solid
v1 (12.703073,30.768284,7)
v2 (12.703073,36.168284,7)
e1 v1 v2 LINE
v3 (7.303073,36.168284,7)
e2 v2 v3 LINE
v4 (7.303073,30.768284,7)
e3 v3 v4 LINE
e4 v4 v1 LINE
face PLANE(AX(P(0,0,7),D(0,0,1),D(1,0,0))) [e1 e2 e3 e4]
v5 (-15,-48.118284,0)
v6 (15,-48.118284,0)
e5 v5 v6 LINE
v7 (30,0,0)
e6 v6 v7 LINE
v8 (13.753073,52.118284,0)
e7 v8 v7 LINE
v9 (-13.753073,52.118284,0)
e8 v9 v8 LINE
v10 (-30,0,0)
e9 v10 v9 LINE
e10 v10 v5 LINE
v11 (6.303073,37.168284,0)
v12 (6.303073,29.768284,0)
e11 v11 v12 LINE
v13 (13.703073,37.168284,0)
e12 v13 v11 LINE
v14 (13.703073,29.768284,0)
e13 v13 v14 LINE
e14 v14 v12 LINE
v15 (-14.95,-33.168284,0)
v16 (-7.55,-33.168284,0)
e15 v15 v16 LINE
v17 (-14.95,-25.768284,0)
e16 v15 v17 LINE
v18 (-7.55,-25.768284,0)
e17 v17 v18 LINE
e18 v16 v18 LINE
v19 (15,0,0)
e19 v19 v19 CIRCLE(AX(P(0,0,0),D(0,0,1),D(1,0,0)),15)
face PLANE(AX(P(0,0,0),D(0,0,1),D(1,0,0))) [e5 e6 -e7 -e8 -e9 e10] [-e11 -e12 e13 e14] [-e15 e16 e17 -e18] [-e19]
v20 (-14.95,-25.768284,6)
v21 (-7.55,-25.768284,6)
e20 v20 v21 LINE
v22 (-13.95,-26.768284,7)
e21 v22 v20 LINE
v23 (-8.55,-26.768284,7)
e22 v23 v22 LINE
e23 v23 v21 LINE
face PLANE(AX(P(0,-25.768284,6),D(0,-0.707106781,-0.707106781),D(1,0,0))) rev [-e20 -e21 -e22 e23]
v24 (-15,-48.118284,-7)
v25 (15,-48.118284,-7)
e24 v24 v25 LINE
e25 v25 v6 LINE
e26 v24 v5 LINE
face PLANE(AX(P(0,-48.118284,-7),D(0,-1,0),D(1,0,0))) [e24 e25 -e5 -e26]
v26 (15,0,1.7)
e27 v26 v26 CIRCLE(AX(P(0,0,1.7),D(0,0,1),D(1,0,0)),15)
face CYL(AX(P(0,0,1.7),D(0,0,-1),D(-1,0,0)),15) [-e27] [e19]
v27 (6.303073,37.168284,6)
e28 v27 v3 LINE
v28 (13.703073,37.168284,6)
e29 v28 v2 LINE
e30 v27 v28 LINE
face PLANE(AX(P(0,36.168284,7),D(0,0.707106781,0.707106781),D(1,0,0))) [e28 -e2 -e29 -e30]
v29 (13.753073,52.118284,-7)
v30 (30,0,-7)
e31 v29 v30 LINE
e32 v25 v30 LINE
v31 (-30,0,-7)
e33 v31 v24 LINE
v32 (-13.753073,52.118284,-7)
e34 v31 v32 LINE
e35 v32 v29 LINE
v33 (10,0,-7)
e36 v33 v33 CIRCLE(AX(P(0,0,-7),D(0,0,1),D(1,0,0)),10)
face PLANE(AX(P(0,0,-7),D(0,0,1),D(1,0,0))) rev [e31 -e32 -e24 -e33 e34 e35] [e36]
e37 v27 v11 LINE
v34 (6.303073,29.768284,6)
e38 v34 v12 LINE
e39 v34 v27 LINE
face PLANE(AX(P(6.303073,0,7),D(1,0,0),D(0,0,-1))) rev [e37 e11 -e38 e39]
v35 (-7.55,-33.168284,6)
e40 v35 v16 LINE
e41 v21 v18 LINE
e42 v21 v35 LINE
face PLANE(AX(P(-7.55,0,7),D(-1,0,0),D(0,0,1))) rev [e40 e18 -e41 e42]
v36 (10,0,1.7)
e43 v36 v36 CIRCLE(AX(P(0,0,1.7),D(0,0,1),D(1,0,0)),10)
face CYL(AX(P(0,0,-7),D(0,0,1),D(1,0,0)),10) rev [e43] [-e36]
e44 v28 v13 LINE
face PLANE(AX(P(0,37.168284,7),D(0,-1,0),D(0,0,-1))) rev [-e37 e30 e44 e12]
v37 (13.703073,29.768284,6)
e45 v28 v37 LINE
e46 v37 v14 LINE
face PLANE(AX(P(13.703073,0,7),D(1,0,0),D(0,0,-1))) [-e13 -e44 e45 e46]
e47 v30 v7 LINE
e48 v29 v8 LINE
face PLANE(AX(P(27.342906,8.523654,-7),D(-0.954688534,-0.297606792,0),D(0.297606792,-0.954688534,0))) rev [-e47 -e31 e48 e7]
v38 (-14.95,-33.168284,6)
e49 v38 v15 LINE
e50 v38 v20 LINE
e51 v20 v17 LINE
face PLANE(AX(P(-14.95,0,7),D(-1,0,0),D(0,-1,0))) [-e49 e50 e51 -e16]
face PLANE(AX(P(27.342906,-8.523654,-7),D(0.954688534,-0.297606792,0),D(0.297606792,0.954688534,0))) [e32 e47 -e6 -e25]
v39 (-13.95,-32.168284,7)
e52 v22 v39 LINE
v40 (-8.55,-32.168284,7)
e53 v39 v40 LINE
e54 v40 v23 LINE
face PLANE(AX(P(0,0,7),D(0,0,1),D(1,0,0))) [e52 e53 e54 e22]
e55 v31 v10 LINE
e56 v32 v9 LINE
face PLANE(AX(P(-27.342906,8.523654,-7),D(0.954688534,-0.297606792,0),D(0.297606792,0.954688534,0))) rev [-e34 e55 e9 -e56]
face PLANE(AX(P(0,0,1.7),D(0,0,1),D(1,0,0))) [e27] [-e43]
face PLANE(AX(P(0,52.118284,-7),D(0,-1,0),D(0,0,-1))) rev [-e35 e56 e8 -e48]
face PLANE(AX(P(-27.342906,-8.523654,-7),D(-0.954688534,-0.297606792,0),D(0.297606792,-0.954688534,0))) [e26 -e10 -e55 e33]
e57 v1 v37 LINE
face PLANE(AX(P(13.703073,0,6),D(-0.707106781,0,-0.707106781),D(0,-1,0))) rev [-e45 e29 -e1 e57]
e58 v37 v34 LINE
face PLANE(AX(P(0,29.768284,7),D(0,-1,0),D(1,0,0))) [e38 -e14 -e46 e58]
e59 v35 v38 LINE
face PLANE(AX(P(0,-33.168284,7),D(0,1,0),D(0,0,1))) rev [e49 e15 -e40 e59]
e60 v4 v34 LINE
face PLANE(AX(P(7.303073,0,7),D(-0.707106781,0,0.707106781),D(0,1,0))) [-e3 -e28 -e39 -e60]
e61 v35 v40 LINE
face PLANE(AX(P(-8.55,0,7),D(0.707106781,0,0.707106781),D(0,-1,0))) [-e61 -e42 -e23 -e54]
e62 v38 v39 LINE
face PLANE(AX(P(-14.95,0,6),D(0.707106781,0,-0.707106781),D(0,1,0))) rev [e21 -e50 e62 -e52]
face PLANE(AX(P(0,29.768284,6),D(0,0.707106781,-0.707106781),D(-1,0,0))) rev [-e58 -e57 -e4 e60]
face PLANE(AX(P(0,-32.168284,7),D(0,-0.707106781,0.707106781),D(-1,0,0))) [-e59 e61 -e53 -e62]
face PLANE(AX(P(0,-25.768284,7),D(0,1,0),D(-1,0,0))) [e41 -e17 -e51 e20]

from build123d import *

# Parameters (mm, degrees)
SKETCH1_R           = 10
BOSS_EXTRUDE1_DEPTH = 7
SKETCH1_3_W         = 7.4
SKETCH1_3_H         = 7.4
BOSS_EXTRUDE2_DEPTH = 7
CHAMFER1_SIZE       = 1
BOSS_EXTRUDE3_START = 1.7
SKETCH1_4_R         = 15
SKETCH1_4_R_2       = 10
BOSS_EXTRUDE3_DEPTH = 1.7


with BuildPart() as part:
    # Sketch1 → Boss-Extrude1 (new body)
    with BuildSketch(Plane.XY):
        Polygon((-30, 0), (-15, -48.118283633), (15, -48.118283633), (30, 0), (13.753072731, 52.118283633), (-13.753072731, 52.118283633), align=None)
        Circle(SKETCH1_R, mode=Mode.SUBTRACT)
    extrude(amount=-BOSS_EXTRUDE1_DEPTH)

    # Sketch1<3> → Boss-Extrude2 (add)
    with BuildSketch(Plane.XY):
        with Locations((-11.25, -29.468283633)):
            Rectangle(SKETCH1_3_W, SKETCH1_3_H)
        with Locations((10.003072731, 33.468283633)):
            Rectangle(SKETCH1_3_W, SKETCH1_3_H)
    extrude(amount=BOSS_EXTRUDE2_DEPTH)

    # Chamfer1
    chamfer1_edges = [part.edges().sort_by_distance(p)[0] for p in [
        (-11.25, -25.768283633, 7),
        (-14.95, -29.468283633, 7),
        (-11.25, -33.168283633, 7),
        (-7.55, -29.468283633, 7),
        (10.003072731, 29.768283633, 7),
        (13.703072731, 33.468283633, 7),
        (10.003072731, 37.168283633, 7),
        (6.303072731, 33.468283633, 7),
    ]]
    chamfer(chamfer1_edges, length=CHAMFER1_SIZE)

    # Sketch1<4> → Boss-Extrude3 (add)
    with BuildSketch(Plane.XY.offset(BOSS_EXTRUDE3_START)):
        Circle(SKETCH1_4_R)
        Circle(SKETCH1_4_R_2, mode=Mode.SUBTRACT)
    extrude(amount=-BOSS_EXTRUDE3_DEPTH)


solid = part.part
